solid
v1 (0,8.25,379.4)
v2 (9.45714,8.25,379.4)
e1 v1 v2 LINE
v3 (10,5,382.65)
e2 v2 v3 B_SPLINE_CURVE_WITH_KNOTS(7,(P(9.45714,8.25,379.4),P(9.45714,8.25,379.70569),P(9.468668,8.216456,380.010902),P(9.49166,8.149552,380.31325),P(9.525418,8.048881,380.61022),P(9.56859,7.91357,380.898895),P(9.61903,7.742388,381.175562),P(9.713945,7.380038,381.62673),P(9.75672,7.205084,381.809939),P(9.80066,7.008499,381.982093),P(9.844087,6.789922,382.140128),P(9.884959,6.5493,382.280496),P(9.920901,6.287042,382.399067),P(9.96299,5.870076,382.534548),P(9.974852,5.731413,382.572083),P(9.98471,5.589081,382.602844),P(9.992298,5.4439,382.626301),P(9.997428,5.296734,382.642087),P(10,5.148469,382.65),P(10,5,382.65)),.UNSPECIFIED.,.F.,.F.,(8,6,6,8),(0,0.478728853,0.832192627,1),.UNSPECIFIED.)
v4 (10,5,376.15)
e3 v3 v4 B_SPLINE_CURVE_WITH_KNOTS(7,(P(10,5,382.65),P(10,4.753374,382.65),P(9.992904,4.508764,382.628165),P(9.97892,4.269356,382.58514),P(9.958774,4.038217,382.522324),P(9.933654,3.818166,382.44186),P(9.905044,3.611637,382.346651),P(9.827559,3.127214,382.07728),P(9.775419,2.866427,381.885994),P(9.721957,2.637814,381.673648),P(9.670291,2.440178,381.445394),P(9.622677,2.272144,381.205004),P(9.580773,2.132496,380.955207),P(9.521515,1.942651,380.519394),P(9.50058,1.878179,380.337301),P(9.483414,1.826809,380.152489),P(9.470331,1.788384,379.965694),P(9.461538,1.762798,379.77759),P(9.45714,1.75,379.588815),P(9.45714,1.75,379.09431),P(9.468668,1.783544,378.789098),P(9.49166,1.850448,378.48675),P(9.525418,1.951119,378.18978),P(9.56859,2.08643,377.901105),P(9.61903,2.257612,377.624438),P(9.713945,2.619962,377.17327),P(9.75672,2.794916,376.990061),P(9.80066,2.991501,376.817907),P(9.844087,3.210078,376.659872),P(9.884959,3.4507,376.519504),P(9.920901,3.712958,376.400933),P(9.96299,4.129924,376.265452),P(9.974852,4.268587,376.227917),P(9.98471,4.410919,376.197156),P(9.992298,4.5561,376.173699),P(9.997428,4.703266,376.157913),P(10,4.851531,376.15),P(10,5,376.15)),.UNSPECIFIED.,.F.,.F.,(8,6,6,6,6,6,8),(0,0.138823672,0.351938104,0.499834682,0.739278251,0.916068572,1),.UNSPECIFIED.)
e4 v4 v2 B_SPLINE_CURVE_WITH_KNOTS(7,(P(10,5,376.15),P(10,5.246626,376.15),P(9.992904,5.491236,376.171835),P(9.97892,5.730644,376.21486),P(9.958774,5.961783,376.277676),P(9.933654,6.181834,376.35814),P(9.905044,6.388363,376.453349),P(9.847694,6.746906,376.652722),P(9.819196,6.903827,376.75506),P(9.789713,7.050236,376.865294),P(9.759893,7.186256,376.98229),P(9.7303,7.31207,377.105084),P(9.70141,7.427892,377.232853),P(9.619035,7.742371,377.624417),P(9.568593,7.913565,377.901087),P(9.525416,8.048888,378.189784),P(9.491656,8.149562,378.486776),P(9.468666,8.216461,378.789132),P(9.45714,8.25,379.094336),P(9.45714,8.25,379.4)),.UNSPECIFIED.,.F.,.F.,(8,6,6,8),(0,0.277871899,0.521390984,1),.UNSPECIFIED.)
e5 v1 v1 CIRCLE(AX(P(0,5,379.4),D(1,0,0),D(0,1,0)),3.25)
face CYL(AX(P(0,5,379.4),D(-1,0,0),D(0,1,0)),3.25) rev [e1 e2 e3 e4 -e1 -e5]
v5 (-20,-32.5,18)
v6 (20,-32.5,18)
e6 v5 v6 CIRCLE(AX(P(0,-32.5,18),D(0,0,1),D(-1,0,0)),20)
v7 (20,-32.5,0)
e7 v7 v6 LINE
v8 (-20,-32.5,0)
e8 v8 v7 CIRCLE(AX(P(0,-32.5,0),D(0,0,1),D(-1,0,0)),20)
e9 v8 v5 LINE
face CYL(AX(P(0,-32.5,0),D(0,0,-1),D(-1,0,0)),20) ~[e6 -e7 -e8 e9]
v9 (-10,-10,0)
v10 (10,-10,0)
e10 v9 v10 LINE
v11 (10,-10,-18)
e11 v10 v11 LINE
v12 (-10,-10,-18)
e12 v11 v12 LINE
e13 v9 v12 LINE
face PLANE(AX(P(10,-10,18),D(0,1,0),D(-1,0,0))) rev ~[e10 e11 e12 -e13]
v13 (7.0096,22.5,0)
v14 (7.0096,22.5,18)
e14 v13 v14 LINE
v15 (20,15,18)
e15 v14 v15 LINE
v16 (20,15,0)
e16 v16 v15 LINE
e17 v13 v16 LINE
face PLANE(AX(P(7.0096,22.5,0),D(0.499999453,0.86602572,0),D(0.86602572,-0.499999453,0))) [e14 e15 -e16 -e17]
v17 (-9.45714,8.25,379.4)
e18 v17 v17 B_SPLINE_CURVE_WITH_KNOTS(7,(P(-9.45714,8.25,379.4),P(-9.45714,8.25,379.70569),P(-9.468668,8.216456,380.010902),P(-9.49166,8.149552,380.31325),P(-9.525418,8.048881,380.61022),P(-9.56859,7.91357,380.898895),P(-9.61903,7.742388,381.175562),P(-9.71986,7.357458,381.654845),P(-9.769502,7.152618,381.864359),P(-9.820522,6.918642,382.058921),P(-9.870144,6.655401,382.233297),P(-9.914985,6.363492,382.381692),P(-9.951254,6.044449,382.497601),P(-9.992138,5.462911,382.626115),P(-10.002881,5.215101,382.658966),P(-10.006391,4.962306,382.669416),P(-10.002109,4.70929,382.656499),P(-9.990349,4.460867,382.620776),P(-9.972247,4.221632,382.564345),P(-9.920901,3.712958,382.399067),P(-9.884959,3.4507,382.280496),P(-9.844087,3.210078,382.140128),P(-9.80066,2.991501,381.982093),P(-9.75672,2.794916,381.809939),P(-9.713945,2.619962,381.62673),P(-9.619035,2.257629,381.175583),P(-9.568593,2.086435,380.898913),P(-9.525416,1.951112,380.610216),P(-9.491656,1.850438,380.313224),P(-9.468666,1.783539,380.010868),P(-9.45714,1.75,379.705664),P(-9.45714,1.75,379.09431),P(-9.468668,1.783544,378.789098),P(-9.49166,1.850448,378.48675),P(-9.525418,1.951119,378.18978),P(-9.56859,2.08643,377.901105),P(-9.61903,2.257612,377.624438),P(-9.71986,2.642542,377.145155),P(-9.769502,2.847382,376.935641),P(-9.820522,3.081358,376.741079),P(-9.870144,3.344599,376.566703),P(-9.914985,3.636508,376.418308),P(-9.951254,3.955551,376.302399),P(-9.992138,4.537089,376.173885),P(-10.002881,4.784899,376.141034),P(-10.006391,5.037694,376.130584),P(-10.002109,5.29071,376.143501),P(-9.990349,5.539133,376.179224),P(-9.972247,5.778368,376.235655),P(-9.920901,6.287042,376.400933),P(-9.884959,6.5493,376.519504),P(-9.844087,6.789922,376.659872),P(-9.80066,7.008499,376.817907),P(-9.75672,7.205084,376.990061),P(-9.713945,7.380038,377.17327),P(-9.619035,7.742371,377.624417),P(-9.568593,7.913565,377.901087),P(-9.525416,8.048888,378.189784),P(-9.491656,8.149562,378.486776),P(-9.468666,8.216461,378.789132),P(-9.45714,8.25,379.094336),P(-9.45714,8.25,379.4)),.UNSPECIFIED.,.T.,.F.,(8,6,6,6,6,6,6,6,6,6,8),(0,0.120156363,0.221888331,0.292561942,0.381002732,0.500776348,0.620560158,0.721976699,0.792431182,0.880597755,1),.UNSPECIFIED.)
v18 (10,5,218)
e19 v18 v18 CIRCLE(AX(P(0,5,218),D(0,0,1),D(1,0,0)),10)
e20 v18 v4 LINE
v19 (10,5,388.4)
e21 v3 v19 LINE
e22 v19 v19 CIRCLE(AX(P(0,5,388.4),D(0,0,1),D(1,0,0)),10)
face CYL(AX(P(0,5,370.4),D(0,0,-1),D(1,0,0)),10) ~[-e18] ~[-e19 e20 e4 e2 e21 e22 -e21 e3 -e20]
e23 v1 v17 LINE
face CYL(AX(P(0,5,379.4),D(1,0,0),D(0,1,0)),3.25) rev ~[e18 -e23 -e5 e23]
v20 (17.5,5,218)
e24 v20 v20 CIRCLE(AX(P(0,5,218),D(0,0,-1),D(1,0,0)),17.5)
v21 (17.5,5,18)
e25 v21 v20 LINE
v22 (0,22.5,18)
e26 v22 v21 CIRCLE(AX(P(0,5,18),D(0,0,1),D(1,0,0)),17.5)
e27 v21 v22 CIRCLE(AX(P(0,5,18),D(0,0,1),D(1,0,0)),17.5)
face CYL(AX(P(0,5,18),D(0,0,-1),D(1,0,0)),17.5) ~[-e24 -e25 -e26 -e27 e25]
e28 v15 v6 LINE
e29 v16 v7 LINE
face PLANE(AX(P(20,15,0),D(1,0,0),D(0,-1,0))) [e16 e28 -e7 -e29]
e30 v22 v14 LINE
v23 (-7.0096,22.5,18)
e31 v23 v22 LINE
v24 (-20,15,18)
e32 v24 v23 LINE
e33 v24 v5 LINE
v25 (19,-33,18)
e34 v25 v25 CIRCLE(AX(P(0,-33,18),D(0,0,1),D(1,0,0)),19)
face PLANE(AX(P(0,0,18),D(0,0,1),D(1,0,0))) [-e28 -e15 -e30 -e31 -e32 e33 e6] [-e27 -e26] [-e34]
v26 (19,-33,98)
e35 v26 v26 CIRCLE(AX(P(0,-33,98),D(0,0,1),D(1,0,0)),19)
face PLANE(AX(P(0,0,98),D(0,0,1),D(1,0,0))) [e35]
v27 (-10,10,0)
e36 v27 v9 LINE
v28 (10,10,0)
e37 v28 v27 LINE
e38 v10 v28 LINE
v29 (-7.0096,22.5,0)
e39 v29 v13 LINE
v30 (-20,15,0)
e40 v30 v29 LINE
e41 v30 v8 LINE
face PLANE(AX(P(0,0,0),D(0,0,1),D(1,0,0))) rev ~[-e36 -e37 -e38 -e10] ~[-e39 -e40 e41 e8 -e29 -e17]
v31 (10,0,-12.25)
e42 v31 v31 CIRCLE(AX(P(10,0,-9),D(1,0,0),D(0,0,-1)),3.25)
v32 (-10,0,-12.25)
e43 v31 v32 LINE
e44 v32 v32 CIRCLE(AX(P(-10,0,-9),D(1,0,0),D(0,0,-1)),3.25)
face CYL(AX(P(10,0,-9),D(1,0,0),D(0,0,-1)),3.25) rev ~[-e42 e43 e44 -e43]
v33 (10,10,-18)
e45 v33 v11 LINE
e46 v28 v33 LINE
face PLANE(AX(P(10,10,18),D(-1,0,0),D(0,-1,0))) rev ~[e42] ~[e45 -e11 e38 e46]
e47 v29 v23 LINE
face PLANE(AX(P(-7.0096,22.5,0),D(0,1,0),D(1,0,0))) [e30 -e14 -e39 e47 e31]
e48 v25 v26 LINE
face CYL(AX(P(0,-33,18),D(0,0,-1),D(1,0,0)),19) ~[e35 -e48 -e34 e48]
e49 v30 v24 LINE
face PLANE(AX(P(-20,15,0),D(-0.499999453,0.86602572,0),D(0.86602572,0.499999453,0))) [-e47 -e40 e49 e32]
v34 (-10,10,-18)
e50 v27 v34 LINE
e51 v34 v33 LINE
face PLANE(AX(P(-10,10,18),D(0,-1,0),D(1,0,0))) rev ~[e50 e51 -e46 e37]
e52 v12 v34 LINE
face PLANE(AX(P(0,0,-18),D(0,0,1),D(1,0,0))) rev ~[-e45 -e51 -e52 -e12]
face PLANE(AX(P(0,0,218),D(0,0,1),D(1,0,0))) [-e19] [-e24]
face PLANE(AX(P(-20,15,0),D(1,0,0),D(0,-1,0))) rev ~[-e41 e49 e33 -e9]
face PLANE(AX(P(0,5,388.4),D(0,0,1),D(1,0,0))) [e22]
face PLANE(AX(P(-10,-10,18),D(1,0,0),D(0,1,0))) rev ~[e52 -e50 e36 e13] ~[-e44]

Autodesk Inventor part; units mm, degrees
ref_plane "YZ Plane" through (0, 0, 0) normal (1, 0, 0) x (0, 1, 0)
ref_plane "XZ Plane" through (0, 0, 0) normal (0, 1, 0) x (-1, 0, 0)
ref_plane "XY Plane" through (0, 0, 0) normal (0, 0, 1) x (1, 0, 0)
sketch "Sketch1" plane through (0, 0, 0) normal (0, 0, 1) x (1, 0, 0)
  line L0 (-10, -10) -> (10, -10)
  line L1 (10, -10) -> (10, 10)
  line L2 (10, 10) -> (-10, 10)
  line L3 (-10, 10) -> (-10, -10)
  line L4 (-10, -10) -> (10, 10) construction
  line L5 (10, -10) -> (-10, 10) construction
  line L6 (-20, 15) -> (-20, -32.5)
  line L7 (-20, 15) -> (-7.0096, 22.5)
  line L8 (-20, 15) -> (-5, 15) construction
  line L9 (-7.0096, 22.5) -> (7.0096, 22.5)
  line L10 (7.0096, 22.5) -> (20, 15)
  line L11 (20, 15) -> (20, -32.5)
  circle A0 centre (0, -32.5) radius 20 construction
  arc A1 (-20, -32.5) -> (20, -32.5) centre (0, -32.5) ccw
  point P0 (0, 0)
  point P1 (0, 22.5)
  point P2 (0, 10)
  dimension "d0" = 20
  dimension "d1" = 20
  dimension "d3" = 15
  dimension "d4" = 30
  dimension "d5" = 15
  dimension "d6" = 150
  dimension "d8" = 40
  dimension "d9" = 5
  dimension "d10" = 40
  dimension "d11" = 55
extrude "Extrusion1" add sketch "Sketch1" along normal blind 18
sketch "Sketch2" plane through (0, 0, 18) normal (0, 0, 1) x (1, 0, 0)
  line L0 (-10, -10) -> (-10, 10) projected
  line L1 (-10, 10) -> (10, 10) projected
  line L2 (10, 10) -> (10, -10) projected
  line L3 (10, -10) -> (-10, -10) projected
  line L4 (-20, 15) -> (-20, -32.5) projected
  arc A0 (-20, -32.5) -> (20, -32.5) centre (0, -32.5) ccw projected
  line L5 (20, -32.5) -> (20, 15) projected
  line L6 (20, 15) -> (7.0096, 22.5) projected
  line L7 (7.0096, 22.5) -> (-7.0096, 22.5) projected
  line L8 (-7.0096, 22.5) -> (-20, 15) projected
  point P0 (0, 0)
extrude "Extrusion2" add sketch "Sketch2" against normal blind 36 contours L0 L1 L2 L3
sketch "Sketch3" plane through (10, -10, 0) normal (1, 0, 0) x (0, 0, -1)
  circle A0 centre (9, 10) radius 3.25
  line L0 (0, 20) -> (18, 20) projected
  line L1 (0, 0) -> (0, 20) projected
  point P0 (0, 10)
  point P1 (9, 20)
  point P2 (0, 10)
  dimension "d16" = 6.5
extrude "Extrusion3" cut sketch "Sketch3" against normal through all
sketch "Sketch4" plane through (0, 0, 18) normal (0, 0, 1) x (1, 0, 0)
  circle A0 centre (0, 5) radius 17.5
  line L0 (7.0096, 22.5) -> (-7.0096, 22.5) projected
  point P0 (0, 0)
  point P1 (0, 22.5)
  dimension "d19" = 35
extrude "Extrusion4" add sketch "Sketch4" along normal blind 200
sketch "Sketch5" plane through (0, 0, 18) normal (0, 0, 1) x (1, 0, 0)
  circle A0 centre (0, -33) radius 19
  circle A1 centre (0, 5) radius 17.5 projected
  point P0 (0, 0)
  dimension "d22" = 38
  dimension "d23" = 38
extrude "Extrusion5" add sketch "Sketch5" along normal blind 80 contours A0
sketch "Sketch10" plane through (0, 5, 218) normal (0, 0, 1) x (1, 0, 0)
  circle A0 centre (0, 0) radius 10
  circle A1 centre (0, 0) radius 17.5 projected
  point P0 (0, -5)
  dimension "d32" = 20
extrude "Extrusion8" add sketch "Sketch10" along normal blind 152.4 contours A0
sketch "Sketch6" plane through (0, 5, 370.4) normal (0, 0, 1) x (1, 0, 0)
  circle A0 centre (0, 0) radius 17.5
  circle A1 centre (0, 0) radius 10
  point P0 (0, -5)
  dimension "d26" = 20
extrude "Extrusion6" add sketch "Sketch6" along normal blind 18 contours A1
sketch "Sketch8" plane through (0, 0, 0) normal (1, 0, 0) x (0, 1, 0)
  line L0 (15, 388.4) -> (-5, 388.4) projected
  line L1 (-5, 218) -> (15, 218) projected
  circle A0 centre (5, 379.4) radius 3.25
  line L2 (15, 388.4) -> (-5, 388.4) projected
  line L3 (15, 388.4) -> (15, 370.4)
  point P0 (0, 0)
  point P1 (5, 218)
  point P2 (15, 379.4)
  dimension "d29" = 6.5
  dimension "d35" = 18
extrude "Extrusion7" cut sketch "Sketch8" along normal through all both and the other way through all
properties part number "LinearActuator450" material "Steel, Carbon"
